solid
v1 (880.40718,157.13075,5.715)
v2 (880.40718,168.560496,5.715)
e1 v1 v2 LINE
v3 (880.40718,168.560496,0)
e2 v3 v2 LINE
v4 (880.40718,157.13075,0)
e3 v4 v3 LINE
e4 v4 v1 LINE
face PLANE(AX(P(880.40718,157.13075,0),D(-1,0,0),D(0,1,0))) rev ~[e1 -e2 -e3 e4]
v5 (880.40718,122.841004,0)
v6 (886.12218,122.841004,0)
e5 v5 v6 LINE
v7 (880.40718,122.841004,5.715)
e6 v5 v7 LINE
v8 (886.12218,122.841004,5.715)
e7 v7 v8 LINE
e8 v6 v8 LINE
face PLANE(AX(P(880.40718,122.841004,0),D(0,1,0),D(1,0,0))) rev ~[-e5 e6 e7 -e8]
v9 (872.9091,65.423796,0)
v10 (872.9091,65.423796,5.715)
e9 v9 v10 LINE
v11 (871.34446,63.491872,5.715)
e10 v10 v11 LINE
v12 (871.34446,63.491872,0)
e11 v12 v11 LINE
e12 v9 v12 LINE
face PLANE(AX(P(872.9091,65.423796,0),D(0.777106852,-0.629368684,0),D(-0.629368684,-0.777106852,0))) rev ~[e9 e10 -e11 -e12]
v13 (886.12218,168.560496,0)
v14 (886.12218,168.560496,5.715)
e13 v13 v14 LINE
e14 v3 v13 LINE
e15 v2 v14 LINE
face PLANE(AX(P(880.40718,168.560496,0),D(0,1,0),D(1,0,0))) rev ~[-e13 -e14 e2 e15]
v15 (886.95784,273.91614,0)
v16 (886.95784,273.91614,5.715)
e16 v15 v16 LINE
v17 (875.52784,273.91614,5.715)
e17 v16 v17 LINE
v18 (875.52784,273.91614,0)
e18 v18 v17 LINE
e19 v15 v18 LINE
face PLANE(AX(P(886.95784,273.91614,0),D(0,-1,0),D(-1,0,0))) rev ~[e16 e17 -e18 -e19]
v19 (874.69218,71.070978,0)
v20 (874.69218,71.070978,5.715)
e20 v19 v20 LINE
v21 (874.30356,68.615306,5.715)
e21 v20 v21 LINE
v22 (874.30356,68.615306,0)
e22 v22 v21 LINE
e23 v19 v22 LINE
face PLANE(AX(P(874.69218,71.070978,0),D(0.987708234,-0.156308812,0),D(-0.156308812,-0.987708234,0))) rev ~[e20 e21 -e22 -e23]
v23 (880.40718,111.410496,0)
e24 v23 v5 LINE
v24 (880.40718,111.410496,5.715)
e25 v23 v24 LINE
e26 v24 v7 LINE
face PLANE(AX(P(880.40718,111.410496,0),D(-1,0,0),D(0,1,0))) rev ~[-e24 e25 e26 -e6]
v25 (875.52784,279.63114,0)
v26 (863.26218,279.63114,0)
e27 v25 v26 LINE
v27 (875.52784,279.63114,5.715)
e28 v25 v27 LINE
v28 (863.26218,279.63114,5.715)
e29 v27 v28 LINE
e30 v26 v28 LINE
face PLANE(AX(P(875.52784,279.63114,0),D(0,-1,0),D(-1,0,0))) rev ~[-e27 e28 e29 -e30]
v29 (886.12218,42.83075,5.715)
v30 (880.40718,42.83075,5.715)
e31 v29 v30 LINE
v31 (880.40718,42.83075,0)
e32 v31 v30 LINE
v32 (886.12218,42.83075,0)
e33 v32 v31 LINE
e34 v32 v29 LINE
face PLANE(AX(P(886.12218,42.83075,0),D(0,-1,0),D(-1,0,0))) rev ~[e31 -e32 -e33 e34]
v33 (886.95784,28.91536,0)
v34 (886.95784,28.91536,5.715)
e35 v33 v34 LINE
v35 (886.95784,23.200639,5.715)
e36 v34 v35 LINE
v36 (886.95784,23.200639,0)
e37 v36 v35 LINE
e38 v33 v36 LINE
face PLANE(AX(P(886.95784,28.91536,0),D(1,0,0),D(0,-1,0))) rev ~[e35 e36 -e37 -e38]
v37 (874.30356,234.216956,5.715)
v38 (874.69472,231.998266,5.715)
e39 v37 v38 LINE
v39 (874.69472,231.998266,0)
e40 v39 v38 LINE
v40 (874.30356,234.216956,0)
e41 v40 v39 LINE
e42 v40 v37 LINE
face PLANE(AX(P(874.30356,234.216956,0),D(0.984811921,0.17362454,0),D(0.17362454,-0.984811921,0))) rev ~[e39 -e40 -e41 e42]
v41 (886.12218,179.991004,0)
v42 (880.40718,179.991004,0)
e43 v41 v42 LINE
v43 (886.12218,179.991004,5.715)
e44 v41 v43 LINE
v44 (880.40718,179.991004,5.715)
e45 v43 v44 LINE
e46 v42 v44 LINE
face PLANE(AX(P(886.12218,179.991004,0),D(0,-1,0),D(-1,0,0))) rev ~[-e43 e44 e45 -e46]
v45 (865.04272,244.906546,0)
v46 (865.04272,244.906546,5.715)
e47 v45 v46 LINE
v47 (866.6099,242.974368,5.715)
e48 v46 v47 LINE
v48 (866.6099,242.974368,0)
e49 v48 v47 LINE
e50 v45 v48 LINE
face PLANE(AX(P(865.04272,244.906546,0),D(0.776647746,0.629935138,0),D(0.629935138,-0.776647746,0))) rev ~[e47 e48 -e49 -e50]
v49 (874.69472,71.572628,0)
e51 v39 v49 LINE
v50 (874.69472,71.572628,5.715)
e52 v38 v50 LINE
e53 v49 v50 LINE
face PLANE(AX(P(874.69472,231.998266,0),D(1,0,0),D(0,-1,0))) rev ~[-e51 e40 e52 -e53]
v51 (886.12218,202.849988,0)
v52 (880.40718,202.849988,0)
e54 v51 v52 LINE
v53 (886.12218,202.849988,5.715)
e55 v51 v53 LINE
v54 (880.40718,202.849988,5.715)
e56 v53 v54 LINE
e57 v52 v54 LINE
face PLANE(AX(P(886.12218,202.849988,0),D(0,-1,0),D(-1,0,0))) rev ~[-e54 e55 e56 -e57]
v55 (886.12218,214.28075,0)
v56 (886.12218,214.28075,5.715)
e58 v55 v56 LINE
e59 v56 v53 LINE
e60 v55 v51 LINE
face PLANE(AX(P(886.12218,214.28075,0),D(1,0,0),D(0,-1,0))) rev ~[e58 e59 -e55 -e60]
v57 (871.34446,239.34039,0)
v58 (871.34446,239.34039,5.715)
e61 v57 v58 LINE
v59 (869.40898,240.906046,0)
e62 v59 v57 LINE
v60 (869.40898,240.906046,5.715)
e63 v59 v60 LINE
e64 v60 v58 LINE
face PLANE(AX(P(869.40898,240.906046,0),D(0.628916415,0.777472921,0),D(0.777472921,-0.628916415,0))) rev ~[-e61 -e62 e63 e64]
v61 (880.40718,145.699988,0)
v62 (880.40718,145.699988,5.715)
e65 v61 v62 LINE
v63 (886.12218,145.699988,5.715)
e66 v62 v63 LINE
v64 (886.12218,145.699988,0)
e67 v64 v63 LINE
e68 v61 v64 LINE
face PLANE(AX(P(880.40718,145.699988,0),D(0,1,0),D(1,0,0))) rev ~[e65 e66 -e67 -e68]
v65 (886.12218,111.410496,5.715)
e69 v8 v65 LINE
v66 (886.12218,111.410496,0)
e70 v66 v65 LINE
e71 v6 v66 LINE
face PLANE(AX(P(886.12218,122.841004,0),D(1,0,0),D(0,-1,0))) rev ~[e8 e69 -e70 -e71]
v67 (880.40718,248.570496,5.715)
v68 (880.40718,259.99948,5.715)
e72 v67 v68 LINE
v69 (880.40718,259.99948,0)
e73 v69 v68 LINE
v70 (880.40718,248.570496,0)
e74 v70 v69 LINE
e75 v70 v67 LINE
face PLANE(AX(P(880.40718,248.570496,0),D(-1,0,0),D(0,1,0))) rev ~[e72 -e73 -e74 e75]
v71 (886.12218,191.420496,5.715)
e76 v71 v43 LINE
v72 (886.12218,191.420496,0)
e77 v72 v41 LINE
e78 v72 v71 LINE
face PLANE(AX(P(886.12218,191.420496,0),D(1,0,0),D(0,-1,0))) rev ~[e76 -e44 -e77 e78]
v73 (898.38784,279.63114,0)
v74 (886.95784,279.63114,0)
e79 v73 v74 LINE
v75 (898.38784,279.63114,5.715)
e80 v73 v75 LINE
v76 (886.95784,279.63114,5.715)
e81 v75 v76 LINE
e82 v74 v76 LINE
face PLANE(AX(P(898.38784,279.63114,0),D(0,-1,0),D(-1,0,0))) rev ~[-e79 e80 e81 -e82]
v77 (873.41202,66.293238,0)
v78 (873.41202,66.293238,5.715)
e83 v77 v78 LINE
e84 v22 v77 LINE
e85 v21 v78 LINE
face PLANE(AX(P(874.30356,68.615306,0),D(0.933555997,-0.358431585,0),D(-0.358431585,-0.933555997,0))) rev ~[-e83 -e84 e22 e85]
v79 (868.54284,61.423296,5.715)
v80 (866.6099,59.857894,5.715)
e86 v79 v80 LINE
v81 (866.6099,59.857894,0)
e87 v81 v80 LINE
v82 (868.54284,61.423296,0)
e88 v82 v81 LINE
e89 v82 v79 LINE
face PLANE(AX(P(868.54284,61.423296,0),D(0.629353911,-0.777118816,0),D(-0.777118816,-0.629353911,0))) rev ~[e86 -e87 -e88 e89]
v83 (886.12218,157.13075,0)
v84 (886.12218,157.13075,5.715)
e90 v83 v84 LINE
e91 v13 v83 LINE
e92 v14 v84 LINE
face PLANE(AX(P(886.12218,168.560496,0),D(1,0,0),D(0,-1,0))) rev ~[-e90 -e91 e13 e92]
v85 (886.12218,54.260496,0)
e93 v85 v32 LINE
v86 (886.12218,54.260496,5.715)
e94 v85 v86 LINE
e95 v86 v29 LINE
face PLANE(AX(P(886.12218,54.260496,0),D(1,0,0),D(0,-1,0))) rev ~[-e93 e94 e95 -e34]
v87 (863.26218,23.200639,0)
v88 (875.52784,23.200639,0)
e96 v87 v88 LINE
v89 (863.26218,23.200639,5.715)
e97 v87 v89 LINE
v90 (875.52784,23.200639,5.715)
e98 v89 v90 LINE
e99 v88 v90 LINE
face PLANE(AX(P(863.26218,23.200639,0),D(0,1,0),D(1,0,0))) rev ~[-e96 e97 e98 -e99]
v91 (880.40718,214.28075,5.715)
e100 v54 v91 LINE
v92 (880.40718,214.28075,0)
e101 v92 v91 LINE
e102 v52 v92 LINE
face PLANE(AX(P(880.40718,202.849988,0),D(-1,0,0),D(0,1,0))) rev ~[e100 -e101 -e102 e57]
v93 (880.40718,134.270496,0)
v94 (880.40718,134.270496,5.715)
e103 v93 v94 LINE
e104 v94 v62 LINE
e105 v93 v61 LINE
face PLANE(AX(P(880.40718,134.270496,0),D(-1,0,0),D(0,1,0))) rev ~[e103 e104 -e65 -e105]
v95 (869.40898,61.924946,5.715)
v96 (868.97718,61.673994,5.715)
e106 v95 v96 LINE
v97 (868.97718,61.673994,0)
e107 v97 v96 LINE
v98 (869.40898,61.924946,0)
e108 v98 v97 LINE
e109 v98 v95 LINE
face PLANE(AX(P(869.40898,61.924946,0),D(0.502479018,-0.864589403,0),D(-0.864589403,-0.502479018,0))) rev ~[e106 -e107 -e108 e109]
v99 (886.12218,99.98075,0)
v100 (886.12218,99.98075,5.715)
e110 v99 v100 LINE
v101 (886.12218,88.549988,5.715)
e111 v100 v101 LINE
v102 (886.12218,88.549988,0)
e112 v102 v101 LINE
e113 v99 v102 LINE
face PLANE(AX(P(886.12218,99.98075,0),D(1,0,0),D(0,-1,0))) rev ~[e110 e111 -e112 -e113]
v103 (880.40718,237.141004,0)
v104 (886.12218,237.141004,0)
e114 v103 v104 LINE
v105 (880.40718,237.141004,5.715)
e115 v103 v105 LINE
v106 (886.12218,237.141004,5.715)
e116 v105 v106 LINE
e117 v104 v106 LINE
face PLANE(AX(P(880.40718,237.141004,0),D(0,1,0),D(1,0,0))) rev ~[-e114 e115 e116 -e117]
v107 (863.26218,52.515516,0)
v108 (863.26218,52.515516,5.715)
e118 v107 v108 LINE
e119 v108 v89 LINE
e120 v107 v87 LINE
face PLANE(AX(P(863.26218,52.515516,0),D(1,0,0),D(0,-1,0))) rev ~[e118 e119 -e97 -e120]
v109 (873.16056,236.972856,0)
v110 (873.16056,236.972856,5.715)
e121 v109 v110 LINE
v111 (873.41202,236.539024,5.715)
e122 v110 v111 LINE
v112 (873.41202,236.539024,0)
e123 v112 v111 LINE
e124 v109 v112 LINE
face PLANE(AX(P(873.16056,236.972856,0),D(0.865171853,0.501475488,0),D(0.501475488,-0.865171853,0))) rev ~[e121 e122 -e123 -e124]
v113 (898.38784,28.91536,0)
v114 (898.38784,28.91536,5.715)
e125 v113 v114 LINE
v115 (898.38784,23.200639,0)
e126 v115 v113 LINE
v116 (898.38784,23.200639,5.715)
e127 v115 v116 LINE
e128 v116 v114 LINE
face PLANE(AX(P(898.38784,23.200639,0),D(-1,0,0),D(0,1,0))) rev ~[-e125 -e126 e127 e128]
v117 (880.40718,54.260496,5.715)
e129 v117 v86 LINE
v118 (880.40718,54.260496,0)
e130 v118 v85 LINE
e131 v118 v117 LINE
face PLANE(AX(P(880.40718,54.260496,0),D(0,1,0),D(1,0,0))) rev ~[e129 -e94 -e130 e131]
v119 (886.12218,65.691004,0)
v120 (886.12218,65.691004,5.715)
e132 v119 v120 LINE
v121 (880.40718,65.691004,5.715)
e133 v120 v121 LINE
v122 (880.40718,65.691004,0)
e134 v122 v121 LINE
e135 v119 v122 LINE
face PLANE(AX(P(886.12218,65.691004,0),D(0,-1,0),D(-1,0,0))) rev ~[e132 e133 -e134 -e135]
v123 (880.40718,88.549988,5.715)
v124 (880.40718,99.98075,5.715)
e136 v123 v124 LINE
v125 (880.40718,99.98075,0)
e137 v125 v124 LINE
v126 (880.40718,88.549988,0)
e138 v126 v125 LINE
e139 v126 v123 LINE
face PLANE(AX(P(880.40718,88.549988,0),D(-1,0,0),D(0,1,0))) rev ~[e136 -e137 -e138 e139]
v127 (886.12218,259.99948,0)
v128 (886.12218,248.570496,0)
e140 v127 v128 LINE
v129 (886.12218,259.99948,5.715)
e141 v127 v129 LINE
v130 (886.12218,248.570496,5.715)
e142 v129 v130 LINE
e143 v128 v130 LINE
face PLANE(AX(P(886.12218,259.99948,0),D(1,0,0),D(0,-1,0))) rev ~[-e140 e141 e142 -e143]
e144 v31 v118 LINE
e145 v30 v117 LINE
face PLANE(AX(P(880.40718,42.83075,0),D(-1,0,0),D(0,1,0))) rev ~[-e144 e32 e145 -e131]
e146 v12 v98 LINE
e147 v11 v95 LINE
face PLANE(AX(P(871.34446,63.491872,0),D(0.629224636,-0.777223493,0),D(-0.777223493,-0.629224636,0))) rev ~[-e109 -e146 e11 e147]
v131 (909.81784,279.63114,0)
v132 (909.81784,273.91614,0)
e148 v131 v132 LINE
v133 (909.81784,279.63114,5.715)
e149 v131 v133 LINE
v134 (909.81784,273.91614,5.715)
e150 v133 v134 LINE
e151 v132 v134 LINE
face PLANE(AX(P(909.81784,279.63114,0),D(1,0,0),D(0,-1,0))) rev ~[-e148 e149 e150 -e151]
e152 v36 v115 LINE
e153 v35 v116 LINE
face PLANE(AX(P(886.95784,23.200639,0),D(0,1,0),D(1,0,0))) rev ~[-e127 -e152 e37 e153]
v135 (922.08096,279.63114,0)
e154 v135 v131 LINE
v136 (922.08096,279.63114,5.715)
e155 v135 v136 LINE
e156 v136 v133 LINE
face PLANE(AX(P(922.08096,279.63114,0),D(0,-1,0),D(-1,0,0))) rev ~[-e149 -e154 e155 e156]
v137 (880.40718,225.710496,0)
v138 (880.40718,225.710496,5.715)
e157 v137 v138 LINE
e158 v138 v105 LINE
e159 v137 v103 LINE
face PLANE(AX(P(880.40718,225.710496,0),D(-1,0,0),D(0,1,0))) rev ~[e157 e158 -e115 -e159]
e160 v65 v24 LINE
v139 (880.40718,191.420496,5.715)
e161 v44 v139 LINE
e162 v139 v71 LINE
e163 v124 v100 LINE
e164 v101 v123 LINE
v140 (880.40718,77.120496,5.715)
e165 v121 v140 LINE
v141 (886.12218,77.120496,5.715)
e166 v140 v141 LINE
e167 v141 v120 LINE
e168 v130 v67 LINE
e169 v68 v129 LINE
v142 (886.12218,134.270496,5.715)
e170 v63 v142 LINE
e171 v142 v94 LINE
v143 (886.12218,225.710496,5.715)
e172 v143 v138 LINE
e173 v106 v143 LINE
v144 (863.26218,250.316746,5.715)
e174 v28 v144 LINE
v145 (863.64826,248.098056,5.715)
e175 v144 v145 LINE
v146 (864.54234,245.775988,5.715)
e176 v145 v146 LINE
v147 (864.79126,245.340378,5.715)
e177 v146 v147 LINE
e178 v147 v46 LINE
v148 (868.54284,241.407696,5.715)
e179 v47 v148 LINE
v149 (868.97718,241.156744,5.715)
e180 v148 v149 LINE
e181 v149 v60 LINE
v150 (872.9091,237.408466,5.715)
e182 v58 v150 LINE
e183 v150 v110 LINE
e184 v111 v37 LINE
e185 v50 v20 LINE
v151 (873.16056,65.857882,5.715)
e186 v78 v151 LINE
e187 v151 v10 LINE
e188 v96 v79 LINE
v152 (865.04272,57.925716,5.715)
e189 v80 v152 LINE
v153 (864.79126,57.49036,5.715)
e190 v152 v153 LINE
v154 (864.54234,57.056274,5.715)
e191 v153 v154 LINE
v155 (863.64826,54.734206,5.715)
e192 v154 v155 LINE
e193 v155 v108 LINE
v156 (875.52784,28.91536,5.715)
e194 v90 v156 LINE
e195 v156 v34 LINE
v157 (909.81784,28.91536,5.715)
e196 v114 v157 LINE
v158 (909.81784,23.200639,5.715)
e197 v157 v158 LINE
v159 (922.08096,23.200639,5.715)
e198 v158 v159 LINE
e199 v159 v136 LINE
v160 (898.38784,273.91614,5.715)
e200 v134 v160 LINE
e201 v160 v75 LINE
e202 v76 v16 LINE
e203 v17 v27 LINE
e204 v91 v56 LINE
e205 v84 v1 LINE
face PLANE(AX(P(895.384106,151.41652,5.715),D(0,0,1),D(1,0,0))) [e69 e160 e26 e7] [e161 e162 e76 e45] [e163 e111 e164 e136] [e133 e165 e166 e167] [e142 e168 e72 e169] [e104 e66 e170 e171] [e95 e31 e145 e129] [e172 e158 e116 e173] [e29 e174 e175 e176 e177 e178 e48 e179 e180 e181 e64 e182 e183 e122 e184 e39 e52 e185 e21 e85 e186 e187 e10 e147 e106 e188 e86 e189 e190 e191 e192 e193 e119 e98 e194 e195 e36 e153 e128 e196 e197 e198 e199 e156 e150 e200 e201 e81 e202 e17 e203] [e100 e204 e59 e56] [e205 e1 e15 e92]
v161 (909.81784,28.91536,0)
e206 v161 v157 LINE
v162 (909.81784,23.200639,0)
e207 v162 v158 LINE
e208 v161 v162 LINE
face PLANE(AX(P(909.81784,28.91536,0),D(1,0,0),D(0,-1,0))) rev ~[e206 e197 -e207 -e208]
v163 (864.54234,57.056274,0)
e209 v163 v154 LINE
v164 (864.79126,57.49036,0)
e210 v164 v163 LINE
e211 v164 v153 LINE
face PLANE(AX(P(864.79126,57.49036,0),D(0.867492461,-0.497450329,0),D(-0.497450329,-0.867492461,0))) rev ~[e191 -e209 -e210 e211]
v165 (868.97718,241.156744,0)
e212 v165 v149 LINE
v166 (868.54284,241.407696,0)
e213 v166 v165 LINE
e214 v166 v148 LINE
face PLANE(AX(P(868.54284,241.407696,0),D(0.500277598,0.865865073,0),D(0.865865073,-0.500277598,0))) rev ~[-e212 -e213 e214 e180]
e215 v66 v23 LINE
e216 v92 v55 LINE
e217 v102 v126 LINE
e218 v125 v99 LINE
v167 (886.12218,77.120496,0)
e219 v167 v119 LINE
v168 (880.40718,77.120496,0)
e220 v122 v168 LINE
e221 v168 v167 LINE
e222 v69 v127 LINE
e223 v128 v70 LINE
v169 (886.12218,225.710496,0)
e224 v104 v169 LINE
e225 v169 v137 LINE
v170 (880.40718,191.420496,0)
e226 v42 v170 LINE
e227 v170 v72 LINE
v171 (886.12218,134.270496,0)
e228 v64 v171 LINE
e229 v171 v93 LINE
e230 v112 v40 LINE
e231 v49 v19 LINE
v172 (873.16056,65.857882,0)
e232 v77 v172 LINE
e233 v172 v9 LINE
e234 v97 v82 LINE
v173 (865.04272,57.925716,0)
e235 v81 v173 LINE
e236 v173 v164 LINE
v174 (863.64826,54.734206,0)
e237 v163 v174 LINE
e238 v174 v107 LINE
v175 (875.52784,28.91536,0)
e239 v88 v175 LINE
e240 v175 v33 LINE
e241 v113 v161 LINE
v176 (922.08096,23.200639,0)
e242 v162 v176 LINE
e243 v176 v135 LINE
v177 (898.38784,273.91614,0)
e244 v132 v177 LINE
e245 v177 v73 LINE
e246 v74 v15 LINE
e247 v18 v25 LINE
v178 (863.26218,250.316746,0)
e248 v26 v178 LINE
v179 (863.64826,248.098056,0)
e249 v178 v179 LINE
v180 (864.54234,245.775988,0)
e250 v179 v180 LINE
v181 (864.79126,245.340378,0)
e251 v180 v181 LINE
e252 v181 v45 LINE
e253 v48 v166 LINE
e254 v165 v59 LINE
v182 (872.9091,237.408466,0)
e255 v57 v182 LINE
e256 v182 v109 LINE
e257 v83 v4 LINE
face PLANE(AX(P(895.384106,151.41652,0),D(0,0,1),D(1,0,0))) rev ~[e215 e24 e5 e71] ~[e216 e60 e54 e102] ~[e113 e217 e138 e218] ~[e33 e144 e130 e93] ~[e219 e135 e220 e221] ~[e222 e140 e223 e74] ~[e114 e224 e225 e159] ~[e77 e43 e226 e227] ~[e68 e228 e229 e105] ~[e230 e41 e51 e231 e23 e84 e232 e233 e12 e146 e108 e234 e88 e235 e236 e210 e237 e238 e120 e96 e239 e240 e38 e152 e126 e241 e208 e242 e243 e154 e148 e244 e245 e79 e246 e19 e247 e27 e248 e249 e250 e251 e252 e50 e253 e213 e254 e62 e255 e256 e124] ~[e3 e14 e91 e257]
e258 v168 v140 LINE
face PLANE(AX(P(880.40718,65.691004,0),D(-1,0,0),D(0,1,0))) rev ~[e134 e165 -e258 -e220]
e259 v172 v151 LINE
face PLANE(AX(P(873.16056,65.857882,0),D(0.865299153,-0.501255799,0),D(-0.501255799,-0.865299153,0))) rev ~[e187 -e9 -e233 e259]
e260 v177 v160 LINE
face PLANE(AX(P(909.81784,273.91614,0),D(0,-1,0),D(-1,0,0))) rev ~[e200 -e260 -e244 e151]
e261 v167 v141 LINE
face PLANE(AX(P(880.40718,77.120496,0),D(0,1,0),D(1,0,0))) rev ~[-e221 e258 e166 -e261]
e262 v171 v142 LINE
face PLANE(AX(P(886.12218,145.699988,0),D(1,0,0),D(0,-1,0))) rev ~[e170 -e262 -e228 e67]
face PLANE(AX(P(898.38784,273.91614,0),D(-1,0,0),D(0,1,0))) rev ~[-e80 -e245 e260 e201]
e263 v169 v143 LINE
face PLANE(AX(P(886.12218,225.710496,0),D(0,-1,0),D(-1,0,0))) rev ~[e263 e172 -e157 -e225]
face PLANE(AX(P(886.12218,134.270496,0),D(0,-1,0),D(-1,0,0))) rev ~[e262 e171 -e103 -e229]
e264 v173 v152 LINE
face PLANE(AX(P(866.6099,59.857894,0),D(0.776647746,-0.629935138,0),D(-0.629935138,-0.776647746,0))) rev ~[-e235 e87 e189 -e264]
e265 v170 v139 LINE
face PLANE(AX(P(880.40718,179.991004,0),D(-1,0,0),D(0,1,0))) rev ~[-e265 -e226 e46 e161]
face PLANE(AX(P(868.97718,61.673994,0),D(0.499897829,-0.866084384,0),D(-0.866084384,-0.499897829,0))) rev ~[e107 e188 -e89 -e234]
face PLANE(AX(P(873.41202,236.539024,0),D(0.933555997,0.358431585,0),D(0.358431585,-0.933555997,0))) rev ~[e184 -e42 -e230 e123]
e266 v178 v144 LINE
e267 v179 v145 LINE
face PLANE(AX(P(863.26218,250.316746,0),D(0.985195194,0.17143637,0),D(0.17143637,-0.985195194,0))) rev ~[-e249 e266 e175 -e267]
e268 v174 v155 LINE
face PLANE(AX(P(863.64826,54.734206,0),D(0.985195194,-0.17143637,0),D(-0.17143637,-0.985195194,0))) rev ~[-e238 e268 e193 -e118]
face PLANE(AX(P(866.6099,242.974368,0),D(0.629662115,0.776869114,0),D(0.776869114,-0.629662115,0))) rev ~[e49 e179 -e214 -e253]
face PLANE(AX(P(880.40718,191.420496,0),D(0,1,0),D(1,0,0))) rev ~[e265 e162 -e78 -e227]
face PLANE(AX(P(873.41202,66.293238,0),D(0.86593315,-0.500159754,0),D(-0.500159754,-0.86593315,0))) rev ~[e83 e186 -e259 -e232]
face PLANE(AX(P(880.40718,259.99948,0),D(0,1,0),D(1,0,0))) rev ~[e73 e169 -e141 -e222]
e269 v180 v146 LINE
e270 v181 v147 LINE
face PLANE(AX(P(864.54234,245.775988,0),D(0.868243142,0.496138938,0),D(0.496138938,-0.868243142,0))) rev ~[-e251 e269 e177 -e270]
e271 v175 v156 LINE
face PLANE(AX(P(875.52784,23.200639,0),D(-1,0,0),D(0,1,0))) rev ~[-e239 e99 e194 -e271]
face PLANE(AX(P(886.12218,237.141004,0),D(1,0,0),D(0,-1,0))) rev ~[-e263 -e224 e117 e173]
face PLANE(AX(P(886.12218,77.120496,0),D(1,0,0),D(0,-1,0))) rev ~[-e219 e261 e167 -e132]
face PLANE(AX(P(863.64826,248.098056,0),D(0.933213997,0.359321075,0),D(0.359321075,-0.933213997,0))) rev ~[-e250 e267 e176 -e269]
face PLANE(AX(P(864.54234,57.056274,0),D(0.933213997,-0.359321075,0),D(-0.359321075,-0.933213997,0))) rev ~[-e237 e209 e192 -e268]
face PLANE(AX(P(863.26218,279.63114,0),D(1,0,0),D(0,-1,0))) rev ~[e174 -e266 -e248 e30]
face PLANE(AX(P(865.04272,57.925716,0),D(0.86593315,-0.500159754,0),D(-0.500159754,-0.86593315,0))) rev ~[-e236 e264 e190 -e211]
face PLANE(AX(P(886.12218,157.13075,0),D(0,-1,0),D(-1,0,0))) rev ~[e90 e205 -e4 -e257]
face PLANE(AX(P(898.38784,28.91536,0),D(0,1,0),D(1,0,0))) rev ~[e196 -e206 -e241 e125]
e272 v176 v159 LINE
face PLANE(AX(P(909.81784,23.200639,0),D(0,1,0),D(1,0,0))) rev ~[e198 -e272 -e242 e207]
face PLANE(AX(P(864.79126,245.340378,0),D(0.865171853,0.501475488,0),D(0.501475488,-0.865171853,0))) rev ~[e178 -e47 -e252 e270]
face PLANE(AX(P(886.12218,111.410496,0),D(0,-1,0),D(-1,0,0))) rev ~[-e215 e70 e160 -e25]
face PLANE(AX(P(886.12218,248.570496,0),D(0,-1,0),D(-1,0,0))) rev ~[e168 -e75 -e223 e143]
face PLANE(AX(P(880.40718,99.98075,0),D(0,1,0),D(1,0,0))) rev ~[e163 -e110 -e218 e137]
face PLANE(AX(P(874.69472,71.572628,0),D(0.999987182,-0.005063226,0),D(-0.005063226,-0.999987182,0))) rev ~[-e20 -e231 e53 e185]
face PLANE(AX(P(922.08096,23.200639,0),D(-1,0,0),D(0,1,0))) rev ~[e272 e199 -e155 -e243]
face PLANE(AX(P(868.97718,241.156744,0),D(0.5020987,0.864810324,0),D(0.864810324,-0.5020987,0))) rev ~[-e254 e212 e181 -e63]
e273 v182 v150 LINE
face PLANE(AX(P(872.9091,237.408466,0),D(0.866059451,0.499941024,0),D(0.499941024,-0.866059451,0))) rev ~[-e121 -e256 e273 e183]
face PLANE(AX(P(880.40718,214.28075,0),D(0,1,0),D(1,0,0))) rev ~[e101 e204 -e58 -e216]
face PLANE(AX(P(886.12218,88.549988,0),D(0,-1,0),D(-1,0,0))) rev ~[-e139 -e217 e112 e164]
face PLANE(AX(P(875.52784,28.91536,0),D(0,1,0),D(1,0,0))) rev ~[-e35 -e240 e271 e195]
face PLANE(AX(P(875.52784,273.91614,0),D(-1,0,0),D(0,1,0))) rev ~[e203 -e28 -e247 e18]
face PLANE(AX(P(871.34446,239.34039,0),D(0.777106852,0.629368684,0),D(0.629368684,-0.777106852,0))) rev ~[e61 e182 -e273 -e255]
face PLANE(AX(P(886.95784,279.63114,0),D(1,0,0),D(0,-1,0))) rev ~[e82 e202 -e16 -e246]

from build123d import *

# Parameters (mm, degrees)
BOSS_EXTRUDE1_DEPTH = 5.715


with BuildPart() as part:
    # Model → Boss-Extrude1 (new body)
    with BuildSketch(Plane.XY):
        Polygon((863.26218, 23.2006394), (875.52784, 23.2006394), (875.52784, 28.91536), (886.95784, 28.91536), (886.95784, 23.2006394), (898.38784, 23.2006394), (898.38784, 28.91536), (909.81784, 28.91536), (909.81784, 23.2006394), (922.08096, 23.2006394), (922.08096, 279.63114), (909.81784, 279.63114), (909.81784, 273.91614), (898.38784, 273.91614), (898.38784, 279.63114), (886.95784, 279.63114), (886.95784, 273.91614), (875.52784, 273.91614), (875.52784, 279.63114), (863.26218, 279.63114), (863.26218, 251.055124), (863.26218, 250.316746), (863.64826, 248.098056), (864.54234, 245.775988), (864.79126, 245.340378), (865.04272, 244.906546), (866.6099, 242.974368), (868.54284, 241.407696), (868.97718, 241.156744), (869.40898, 240.906046), (871.34446, 239.34039), (872.9091, 237.408466), (873.16056, 236.972856), (873.41202, 236.539024), (874.30356, 234.216956), (874.69472, 231.998266), (874.69472, 231.25811), (874.69472, 71.572628), (874.69218, 71.070978), (874.30356, 68.615306), (873.41202, 66.293238), (873.16056, 65.857882), (872.9091, 65.423796), (871.34446, 63.491872), (869.40898, 61.924946), (868.97718, 61.673994), (868.54284, 61.423296), (866.6099, 59.857894), (865.04272, 57.925716), (864.79126, 57.49036), (864.54234, 57.056274), (863.64826, 54.734206), (863.26218, 52.515516), (863.26218, 51.775868), align=None)
        Polygon((880.40718, 254.28448), (880.40718, 259.99948), (886.12218, 259.99948), (886.12218, 248.570496), (880.40718, 248.570496), align=None, mode=Mode.SUBTRACT)
        Polygon((880.40718, 231.424988), (880.40718, 237.141004), (886.12218, 237.141004), (886.12218, 225.710496), (880.40718, 225.710496), align=None, mode=Mode.SUBTRACT)
        Polygon((880.40718, 208.566004), (880.40718, 214.28075), (886.12218, 214.28075), (886.12218, 202.849988), (880.40718, 202.849988), align=None, mode=Mode.SUBTRACT)
        Polygon((880.40718, 185.70575), (880.40718, 191.420496), (886.12218, 191.420496), (886.12218, 179.991004), (880.40718, 179.991004), align=None, mode=Mode.SUBTRACT)
        Polygon((880.40718, 162.845496), (880.40718, 168.560496), (886.12218, 168.560496), (886.12218, 157.13075), (880.40718, 157.13075), align=None, mode=Mode.SUBTRACT)
        Polygon((880.40718, 139.985496), (880.40718, 145.699988), (886.12218, 145.699988), (886.12218, 134.270496), (880.40718, 134.270496), align=None, mode=Mode.SUBTRACT)
        Polygon((880.40718, 117.124988), (880.40718, 122.841004), (886.12218, 122.841004), (886.12218, 111.410496), (880.40718, 111.410496), align=None, mode=Mode.SUBTRACT)
        Polygon((880.40718, 94.266004), (880.40718, 99.98075), (886.12218, 99.98075), (886.12218, 88.549988), (880.40718, 88.549988), align=None, mode=Mode.SUBTRACT)
        Polygon((880.40718, 71.40575), (880.40718, 77.120496), (886.12218, 77.120496), (886.12218, 65.691004), (880.40718, 65.691004), align=None, mode=Mode.SUBTRACT)
        Polygon((880.40718, 48.545496), (880.40718, 54.260496), (886.12218, 54.260496), (886.12218, 42.83075), (880.40718, 42.83075), align=None, mode=Mode.SUBTRACT)
    extrude(amount=BOSS_EXTRUDE1_DEPTH)


solid = part.part
